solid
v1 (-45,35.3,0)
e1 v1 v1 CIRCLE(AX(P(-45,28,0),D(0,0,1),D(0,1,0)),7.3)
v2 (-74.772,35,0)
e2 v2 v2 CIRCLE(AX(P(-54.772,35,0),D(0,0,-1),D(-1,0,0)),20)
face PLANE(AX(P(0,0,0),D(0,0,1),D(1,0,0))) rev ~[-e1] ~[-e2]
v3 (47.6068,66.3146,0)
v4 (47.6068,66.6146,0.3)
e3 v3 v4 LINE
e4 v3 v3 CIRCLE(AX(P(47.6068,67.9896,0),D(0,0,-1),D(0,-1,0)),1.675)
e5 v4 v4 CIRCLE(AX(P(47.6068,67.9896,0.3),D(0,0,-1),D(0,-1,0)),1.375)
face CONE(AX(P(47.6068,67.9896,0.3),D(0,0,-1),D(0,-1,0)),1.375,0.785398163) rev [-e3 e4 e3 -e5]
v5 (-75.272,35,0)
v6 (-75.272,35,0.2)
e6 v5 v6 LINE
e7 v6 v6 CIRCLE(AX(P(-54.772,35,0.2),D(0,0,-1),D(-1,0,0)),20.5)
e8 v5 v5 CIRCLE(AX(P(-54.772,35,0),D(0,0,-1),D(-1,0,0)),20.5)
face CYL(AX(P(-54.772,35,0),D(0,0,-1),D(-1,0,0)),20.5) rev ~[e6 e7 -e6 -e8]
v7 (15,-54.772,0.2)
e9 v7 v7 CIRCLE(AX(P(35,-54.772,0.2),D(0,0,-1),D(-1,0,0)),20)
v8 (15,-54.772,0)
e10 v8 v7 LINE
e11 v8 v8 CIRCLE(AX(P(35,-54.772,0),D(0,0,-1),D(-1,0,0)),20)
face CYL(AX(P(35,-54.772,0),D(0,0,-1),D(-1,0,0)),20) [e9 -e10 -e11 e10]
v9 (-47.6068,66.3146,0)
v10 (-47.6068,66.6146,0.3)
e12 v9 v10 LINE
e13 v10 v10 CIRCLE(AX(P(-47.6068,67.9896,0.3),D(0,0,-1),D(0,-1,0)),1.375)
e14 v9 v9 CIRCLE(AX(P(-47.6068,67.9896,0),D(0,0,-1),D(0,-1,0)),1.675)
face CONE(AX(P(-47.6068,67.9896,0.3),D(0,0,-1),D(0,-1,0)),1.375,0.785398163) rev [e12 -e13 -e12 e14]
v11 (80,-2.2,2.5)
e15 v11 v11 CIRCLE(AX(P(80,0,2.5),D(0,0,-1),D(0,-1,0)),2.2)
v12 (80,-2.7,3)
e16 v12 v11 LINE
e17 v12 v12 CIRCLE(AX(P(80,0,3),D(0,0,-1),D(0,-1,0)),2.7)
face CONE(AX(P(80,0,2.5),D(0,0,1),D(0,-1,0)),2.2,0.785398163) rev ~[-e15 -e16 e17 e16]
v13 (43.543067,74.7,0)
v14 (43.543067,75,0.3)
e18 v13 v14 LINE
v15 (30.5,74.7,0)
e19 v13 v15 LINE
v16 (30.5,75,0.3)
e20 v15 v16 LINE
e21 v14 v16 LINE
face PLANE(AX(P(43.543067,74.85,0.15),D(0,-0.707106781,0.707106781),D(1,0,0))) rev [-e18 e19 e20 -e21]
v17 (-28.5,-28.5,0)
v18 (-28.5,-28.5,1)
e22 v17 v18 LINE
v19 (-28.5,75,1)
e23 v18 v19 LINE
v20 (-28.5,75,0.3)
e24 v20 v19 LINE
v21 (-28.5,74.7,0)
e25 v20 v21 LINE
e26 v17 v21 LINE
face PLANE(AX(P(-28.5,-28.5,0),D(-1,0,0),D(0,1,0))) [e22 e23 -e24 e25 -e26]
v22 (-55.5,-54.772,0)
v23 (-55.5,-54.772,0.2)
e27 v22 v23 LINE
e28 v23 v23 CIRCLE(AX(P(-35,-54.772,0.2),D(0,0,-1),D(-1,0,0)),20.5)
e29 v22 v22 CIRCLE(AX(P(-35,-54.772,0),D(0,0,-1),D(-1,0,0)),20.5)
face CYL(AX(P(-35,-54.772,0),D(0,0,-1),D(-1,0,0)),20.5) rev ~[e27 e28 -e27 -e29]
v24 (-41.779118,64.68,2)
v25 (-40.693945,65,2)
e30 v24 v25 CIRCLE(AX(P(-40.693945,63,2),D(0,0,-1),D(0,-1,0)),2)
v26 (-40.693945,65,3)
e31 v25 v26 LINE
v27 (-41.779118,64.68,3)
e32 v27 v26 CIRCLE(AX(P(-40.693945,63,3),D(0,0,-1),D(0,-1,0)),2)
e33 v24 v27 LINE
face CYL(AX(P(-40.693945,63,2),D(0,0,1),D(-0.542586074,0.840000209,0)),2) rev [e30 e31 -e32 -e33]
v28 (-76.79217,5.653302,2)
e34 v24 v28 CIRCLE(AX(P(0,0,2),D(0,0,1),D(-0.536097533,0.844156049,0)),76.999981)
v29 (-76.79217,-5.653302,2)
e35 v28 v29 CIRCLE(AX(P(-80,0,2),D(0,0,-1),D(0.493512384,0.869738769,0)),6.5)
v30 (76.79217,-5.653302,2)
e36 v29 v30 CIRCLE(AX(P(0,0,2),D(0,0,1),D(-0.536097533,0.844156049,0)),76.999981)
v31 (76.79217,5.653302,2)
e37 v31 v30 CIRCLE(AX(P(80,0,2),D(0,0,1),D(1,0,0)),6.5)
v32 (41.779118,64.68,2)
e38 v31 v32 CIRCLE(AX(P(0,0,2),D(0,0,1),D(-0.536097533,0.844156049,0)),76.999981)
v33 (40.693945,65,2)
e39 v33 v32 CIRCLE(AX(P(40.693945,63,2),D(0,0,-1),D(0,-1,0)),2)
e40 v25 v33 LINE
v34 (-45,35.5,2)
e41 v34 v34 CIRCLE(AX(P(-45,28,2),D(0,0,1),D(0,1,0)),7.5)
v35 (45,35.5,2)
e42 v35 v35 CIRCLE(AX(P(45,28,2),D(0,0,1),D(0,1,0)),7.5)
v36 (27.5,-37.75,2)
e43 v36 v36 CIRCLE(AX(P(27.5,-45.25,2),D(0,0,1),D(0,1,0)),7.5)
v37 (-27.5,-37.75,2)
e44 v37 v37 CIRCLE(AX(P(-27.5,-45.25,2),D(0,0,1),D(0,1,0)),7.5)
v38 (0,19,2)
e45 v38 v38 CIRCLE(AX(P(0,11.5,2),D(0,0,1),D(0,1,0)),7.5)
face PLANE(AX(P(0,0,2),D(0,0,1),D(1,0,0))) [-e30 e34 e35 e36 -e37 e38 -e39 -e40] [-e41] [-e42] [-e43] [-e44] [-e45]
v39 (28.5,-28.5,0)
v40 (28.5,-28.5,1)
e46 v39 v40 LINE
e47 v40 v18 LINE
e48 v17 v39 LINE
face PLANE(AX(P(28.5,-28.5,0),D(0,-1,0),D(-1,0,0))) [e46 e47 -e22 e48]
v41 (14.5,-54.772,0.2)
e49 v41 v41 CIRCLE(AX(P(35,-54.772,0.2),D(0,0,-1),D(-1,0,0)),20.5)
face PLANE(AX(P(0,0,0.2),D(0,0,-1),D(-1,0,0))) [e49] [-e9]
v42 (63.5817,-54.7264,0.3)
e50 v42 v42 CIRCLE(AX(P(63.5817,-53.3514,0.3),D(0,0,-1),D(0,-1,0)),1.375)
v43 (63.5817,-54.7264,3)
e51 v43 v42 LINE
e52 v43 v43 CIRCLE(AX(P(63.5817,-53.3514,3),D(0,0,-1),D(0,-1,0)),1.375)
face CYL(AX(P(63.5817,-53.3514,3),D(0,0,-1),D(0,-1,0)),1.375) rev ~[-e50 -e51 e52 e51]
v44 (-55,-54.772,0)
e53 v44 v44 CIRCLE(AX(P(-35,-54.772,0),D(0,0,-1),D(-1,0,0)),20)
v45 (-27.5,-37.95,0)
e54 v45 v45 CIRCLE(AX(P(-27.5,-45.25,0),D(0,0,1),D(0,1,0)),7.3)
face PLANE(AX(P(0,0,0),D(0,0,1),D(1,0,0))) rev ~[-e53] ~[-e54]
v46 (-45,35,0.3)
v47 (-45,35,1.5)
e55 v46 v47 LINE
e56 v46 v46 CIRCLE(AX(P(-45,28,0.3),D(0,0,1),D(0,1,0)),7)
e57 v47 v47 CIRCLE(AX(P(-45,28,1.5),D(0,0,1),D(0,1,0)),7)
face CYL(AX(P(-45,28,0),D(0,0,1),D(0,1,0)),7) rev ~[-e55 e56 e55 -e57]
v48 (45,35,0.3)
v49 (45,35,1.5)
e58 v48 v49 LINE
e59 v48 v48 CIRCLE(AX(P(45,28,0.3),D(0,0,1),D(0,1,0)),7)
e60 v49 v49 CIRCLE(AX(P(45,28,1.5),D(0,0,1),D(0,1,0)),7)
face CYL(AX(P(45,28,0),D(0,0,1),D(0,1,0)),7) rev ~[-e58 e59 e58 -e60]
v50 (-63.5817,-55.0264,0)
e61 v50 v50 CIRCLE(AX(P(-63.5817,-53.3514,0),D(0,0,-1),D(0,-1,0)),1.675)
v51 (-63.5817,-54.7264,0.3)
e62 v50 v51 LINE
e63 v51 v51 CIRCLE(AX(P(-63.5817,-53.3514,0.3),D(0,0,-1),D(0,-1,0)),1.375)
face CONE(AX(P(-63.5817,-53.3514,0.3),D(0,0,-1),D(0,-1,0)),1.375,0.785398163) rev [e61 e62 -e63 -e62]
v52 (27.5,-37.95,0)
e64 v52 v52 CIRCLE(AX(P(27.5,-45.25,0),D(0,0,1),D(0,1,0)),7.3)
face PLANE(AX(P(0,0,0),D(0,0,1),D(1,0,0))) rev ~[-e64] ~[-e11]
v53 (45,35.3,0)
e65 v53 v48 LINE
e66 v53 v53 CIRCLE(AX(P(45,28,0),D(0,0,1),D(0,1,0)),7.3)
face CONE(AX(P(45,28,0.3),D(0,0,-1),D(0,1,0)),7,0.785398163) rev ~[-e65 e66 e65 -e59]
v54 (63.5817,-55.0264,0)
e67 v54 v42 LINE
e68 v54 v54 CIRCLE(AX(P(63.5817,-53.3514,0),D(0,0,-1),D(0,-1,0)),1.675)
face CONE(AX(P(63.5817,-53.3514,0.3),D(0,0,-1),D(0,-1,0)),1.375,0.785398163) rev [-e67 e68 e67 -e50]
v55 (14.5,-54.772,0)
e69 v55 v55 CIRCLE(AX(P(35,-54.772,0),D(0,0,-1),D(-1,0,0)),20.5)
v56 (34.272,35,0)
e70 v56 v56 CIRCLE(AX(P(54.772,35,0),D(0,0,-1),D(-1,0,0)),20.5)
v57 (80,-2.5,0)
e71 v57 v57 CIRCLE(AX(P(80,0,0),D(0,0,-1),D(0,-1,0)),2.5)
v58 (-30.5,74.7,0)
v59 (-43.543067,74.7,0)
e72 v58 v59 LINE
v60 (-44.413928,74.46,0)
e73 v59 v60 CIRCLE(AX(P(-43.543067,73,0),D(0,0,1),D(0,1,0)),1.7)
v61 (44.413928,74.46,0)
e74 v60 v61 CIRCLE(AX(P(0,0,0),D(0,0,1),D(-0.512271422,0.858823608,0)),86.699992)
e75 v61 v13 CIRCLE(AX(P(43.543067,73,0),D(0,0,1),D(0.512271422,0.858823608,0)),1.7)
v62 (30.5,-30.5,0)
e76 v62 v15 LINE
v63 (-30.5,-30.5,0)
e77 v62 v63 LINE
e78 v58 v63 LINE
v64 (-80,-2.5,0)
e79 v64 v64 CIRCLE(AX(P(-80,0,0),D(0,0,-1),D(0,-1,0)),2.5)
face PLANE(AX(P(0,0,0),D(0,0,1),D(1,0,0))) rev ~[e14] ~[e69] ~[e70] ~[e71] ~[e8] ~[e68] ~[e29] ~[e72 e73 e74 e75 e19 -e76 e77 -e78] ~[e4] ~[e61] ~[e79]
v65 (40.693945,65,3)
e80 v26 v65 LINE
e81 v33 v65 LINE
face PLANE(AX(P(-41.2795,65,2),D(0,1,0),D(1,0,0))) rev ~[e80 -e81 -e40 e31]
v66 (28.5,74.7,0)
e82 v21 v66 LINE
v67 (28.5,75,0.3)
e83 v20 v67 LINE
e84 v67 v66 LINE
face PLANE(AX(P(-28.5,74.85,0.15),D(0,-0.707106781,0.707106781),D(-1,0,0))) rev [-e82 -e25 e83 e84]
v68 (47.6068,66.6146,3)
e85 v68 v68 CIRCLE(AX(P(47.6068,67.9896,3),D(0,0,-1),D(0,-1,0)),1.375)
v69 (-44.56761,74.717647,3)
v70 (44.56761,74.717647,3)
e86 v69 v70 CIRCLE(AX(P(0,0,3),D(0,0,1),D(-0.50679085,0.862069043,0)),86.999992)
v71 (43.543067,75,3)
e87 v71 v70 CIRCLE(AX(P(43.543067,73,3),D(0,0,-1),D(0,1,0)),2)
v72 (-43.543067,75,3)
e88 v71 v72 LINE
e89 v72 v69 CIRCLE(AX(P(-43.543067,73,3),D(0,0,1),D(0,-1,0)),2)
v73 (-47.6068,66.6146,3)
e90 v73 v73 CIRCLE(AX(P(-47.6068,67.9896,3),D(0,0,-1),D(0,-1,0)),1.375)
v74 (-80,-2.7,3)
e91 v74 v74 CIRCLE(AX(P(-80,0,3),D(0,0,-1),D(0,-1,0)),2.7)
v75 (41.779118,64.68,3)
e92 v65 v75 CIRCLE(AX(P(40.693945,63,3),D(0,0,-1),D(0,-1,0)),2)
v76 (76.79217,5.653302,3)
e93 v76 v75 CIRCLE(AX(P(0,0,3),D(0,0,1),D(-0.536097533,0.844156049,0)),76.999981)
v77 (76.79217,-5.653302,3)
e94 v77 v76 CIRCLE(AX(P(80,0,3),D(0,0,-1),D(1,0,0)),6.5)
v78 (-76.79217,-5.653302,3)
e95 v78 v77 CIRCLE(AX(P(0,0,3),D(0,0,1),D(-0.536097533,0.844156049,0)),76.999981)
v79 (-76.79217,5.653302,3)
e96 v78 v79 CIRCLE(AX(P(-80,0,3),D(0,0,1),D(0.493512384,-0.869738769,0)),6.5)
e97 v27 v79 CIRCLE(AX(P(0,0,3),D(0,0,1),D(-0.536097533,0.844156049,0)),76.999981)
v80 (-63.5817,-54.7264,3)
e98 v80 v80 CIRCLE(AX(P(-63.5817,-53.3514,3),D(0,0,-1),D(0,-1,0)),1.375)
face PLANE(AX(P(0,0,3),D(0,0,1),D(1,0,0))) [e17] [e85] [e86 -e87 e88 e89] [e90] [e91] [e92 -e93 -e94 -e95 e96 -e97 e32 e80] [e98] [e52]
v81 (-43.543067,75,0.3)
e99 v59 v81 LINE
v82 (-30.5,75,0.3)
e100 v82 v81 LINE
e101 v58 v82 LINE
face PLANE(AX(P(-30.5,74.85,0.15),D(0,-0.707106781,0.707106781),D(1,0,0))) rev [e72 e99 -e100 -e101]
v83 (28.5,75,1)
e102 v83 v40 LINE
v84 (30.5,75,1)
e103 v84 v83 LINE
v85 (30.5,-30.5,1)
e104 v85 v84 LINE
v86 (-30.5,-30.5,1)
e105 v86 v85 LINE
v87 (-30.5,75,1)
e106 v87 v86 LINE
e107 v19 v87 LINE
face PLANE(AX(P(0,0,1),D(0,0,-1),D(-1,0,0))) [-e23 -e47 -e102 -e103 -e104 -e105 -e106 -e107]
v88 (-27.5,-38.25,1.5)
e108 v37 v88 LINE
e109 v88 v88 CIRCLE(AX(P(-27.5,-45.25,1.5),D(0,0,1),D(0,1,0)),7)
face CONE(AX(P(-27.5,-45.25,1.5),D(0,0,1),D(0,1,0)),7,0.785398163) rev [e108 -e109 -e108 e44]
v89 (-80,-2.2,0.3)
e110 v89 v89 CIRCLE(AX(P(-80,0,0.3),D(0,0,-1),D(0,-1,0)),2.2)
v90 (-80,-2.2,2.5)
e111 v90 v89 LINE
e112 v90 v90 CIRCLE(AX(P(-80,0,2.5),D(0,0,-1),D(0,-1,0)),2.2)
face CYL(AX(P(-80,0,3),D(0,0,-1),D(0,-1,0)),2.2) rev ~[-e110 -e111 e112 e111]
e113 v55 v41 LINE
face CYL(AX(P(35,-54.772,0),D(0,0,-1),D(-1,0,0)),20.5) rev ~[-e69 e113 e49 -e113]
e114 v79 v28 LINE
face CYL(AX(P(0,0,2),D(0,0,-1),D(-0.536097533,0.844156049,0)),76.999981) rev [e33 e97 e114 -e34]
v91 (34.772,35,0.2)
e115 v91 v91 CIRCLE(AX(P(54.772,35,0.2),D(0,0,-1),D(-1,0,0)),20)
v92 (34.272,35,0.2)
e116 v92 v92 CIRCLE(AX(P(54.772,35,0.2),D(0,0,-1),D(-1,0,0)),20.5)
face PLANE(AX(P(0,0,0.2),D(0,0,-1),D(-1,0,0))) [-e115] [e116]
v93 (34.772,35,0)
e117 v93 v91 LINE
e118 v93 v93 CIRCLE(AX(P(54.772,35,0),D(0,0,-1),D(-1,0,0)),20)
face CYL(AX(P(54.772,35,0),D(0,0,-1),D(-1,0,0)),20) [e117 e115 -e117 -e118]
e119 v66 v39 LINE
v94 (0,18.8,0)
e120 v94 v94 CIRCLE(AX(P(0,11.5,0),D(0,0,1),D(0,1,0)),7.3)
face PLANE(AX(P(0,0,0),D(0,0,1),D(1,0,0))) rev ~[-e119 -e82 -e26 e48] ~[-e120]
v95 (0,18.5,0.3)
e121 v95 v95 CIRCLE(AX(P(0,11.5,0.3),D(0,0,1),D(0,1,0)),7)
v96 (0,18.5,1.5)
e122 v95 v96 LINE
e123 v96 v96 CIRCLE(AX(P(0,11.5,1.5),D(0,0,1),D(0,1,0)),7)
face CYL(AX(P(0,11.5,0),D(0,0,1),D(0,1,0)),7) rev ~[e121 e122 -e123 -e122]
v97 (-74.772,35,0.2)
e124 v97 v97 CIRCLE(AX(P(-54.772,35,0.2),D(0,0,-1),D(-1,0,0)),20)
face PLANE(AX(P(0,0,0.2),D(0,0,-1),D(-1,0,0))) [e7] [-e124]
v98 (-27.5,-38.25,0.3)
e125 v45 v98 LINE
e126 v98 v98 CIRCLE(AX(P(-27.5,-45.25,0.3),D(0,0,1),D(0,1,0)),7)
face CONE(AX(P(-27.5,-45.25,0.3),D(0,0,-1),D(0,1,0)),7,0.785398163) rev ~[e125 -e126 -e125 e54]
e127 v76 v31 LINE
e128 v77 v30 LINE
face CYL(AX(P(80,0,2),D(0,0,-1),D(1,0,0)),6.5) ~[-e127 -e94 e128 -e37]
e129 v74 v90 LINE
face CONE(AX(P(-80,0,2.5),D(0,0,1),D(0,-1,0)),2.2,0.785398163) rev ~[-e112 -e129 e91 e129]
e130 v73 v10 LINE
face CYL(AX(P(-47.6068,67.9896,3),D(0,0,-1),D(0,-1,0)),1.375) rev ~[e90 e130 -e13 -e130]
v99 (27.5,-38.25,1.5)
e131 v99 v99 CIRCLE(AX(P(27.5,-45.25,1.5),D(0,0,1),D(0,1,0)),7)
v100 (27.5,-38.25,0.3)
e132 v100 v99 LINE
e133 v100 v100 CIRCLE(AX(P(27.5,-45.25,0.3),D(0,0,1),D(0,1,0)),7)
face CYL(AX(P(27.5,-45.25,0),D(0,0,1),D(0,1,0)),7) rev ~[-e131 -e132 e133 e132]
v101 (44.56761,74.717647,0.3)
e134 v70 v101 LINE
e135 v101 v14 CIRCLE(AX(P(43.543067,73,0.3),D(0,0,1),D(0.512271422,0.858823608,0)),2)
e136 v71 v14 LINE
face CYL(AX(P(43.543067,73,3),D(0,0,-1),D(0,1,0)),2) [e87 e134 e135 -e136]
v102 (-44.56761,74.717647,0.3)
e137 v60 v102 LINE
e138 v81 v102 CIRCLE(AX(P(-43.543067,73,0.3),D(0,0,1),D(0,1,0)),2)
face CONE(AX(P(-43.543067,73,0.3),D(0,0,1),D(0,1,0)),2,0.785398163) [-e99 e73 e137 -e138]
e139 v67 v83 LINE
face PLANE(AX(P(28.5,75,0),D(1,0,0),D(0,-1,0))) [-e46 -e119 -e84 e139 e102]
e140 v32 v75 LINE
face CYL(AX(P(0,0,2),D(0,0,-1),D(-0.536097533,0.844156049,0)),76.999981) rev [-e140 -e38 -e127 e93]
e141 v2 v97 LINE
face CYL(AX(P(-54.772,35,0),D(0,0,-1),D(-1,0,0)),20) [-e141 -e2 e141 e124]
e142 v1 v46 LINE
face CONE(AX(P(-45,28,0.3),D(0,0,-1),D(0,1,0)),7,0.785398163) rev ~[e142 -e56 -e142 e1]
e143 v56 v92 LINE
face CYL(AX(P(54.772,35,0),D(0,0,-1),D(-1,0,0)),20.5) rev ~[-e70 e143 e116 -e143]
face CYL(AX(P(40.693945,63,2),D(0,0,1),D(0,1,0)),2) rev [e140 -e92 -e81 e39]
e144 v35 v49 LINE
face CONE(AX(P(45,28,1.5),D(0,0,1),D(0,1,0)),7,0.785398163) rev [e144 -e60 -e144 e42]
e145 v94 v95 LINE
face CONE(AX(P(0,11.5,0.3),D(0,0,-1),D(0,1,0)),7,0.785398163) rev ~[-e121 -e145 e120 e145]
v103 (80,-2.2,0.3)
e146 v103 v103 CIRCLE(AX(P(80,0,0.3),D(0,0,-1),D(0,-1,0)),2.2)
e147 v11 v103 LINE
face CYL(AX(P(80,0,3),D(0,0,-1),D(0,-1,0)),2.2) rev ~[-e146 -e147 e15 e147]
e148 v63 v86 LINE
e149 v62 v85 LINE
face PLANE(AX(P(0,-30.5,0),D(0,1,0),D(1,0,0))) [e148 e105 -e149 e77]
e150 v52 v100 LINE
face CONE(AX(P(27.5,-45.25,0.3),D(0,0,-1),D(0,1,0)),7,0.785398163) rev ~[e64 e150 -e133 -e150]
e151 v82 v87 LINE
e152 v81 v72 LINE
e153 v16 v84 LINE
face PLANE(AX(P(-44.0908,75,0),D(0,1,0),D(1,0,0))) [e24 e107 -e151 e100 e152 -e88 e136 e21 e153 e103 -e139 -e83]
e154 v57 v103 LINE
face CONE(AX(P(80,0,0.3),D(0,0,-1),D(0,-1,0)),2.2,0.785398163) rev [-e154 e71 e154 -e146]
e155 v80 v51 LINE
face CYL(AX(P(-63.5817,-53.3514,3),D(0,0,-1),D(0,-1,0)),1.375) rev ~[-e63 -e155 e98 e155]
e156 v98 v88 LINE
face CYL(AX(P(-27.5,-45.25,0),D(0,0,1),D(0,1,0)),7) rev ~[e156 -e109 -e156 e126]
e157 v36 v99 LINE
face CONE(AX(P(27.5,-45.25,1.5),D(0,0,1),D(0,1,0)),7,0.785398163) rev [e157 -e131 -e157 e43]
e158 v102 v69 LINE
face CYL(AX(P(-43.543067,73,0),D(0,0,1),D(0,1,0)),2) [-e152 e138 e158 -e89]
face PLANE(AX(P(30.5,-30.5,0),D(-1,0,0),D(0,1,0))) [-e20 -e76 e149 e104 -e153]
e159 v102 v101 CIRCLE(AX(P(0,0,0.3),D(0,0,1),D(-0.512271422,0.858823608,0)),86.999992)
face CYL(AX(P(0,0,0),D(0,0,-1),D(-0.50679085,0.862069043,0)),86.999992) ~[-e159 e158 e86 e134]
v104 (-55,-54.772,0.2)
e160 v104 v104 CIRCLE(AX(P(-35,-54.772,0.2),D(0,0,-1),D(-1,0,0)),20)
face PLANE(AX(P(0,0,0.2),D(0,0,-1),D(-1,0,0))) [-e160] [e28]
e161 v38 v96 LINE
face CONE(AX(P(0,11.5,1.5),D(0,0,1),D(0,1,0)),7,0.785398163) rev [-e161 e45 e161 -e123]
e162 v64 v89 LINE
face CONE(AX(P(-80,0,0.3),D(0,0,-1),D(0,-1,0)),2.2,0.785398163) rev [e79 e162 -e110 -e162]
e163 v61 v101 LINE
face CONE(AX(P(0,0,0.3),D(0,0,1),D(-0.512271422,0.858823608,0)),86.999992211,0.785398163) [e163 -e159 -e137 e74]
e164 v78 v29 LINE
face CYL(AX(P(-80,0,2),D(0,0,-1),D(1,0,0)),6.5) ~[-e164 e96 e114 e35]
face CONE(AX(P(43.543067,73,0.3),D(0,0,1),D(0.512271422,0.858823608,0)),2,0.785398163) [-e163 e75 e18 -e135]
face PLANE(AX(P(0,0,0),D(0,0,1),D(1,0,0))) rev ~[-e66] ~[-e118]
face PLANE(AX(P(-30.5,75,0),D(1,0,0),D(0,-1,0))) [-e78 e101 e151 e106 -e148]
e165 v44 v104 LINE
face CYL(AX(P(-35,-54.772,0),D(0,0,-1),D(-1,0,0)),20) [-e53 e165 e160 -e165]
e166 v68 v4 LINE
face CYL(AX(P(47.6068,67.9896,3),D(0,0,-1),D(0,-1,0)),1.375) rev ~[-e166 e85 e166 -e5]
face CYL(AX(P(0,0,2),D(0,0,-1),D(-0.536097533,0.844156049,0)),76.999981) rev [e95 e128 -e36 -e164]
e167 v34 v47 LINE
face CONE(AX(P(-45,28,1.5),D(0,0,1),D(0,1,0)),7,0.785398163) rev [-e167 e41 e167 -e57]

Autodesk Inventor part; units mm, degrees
ref_plane "YZ Plane" through (0, 0, 0) normal (1, 0, 0) x (0, 1, 0)
ref_plane "XZ Plane" through (0, 0, 0) normal (0, 1, 0) x (-1, 0, 0)
ref_plane "XY Plane" through (0, 0, 0) normal (0, 0, 1) x (1, 0, 0)
sketch "Skizze1" plane through (0, 0, 0) normal (0, 0, 1) x (1, 0, 0)
  arc A0 (-44.0908, 75) -> (44.0908, 75) centre (0, 0) ccw
  line L0 (-44.0908, 75) -> (44.0908, 75)
  dimension "d0" = 174
  dimension "d1" = 75
extrude "Extrusion1" add sketch "Skizze1" along normal blind 2
sketch "Skizze2" plane through (0, 0, 2) normal (0, 0, 1) x (1, 0, 0)
  arc A0 (-44.0908, 75) -> (44.0908, 75) centre (0, 0) ccw projected
  line L0 (44.0908, 75) -> (-44.0908, 75) projected
  arc A1 (-41.2795, 65) -> (41.2795, 65) centre (0, 0) ccw
  line L1 (-41.2795, 65) -> (41.2795, 65)
  dimension "d4" = 10
extrude "Extrusion2" add sketch "Skizze2" along normal blind 1
sketch "Skizze8" plane through (0, 0, 2) normal (0, 0, 1) x (1, 0, 0)
  line L0 (41.2795, 65) -> (-41.2795, 65) projected
  arc A0 (-41.2795, 65) -> (41.2795, 65) centre (0, 0) ccw projected
  circle A1 centre (0, 0) radius 80 construction
  circle A2 centre (-80, 0) radius 6.5
  circle A3 centre (80, 0) radius 6.5
  line L1 (-121.8, 0) -> (121.8, 0) projected
  dimension "d38" = 160
  dimension "d39" = 13
  dimension "d40" = 13
extrude "Extrusion4" add sketch "Skizze8" along normal blind 1 contours A3 L1 A0 | A0 L1 A3 | A2 L1 A0 | A0 L1 A2 | L1 A3 A0 | A0 A3 L1 | L1 A2 A0 | A0 A2 L1
sketch "Skizze3" plane through (0, 0, 3) normal (0, 0, 1) x (1, 0, 0)
  line L0 (0, 107.4) -> (0, -119.4) projected
  line L1 (-121.8, 0) -> (121.8, 0) projected
  point P0 (0, 0)
  point P1 (-80, 0)
  point P2 (80, 0)
  dimension "d7" = 160
hole "Bohrung1" at (-80, 0, 3) at (80, 0, 3) direction (0, 0, -1) diameter 4.4 end through all
sketch "Skizze4" plane through (0, 0, 3) normal (0, 0, 1) x (1, 0, 0)
  circle A0 centre (0, 0) radius 83 construction
  line L0 (0, 0) -> (-47.6068, 67.9896) construction
  line L1 (0, 0) -> (-63.5817, -53.3514) construction
  line L2 (0, 117) -> (0, -121) projected
  line L3 (-121.8, 0) -> (121.8, 0) projected
  point P0 (63.5817, -53.3514)
  point P1 (47.6068, 67.9896)
  dimension "d15" = 166
  dimension "d16" = 55
  dimension "d17" = 40
hole "Bohrung2" at (-63.5817, -53.3514, 3) at (-47.6068, 67.9896, 3) at (63.5817, -53.3514, 3) at (47.6068, 67.9896, 3) direction (0, 0, -1) diameter 2.75 end through all
sketch "Skizze5" plane through (0, 0, 0) normal (0, 0, -1) x (-1, 0, 0)
  line L0 (0, -119.4) -> (0, 107.4) projected
  line L1 (-121.8, 0) -> (121.8, 0) projected
  point P0 (0, 0)
  point P1 (-45, 28)
  point P2 (-27.5, -45.25)
  point P3 (45, 28)
  point P4 (27.5, -45.25)
  point P5 (0, 11.5)
  dimension "d113" = 45
  dimension "d114" = 28
  dimension "d115" = 27.5
  dimension "d116" = 45.25
  dimension "d117" = 11.5
hole "Bohrung3" at (45, 28, 0) at (27.5, -45.25, 0) at (0, 11.5, 0) at (-45, 28, 0) at (-27.5, -45.25, 0) direction (0, 0, 1) diameter 14 end through all
fillet "Rundung1" radius 2 4 edges at (-44.0908, 75, 1.5) (44.0908, 75, 1.5) (41.2795, 65, 2.5) (-41.2795, 65, 2.5)
sketch "Skizze17" plane through (0, 0, 0) normal (0, 0, -1) x (-1, 0, 0)
  line L0 (-43.5431, 75) -> (43.5431, 75) projected
  line L1 (28.5, 75) -> (-28.5, 75)
  line L2 (-28.5, 75) -> (-28.5, -28.5)
  line L3 (-28.5, -28.5) -> (28.5, -28.5)
  line L4 (28.5, -28.5) -> (28.5, 75)
  line L5 (0, -119.4) -> (0, 107.4) projected
  line L6 (-43.5431, 75) -> (43.5431, 75) projected
  line L7 (-30.5, 75) -> (30.5, 75)
  line L8 (30.5, 75) -> (30.5, -30.5)
  line L9 (30.5, -30.5) -> (-30.5, -30.5)
  line L10 (-30.5, -30.5) -> (-30.5, 75)
  point P0 (0, 0)
  point P1 (-5, 75)
  dimension "d107" = 28.5
  dimension "d108" = 57
  dimension "d109" = 2
  dimension "d110" = 2
extrude "Extrusion10" cut sketch "Skizze17" against normal blind 1 contours L0 L2 L3 L5 L9 L10 | L5 L3 L4 L0 L8 L9
chamfer "Fase1" distance 0.3 angle 45 17 edges at (-27.5, -52.25, 0) (27.5, -52.25, 0) (-45, 21, 0) (45, 21, 0) (0, 4.5, 0) (-63.5817, -51.9764, 0) (63.5817, -51.9764, 0) (-47.6068, 69.3646, 0) (47.6068, 69.3646, 0) (-80, 2.2, 0) (80, 2.2, 0) (0, -87, 0) (44.0745, 74.9281, 0) (37.0215, 75, 0) (-44.0745, 74.9281, 0) (-37.0215, 75, 0) (0, 75, 0)
chamfer "Fase2" distance 0.5 angle 45 7 edges at (-27.5, -52.25, 2) (27.5, -52.25, 2) (-45, 21, 2) (0, 4.5, 2) (45, 21, 2) (-80, 2.2, 3) (80, 2.2, 3)
sketch "Skizze15" plane through (0, 0, 0) normal (0, 0, -1) x (-1, 0, 0)
  circle A0 centre (0, 0) radius 25
  circle A1 centre (54.772, 35) radius 20
  circle A2 centre (35, -54.772) radius 20
  circle A3 centre (-35, -54.772) radius 20
  circle A4 centre (-54.772, 35) radius 20
  line L0 (0, -119.4) -> (0, 107.4) projected
  line L1 (-121.8, 0) -> (121.8, 0) projected
  circle A5 centre (-54.772, 35) radius 20.5
  circle A6 centre (-35, -54.772) radius 20.5
  circle A7 centre (54.772, 35) radius 20.5
  circle A8 centre (35, -54.772) radius 20.5
  circle A9 centre (0, 0) radius 25.5
  dimension "d91" = 50
  dimension "d92" = 40
  dimension "d93" = 40
  dimension "d94" = 40
  dimension "d95" = 40
  dimension "d96" = 35
  dimension "d97" = 54.772
  dimension "d98" = 54.772
  dimension "d99" = 35
  dimension "d100" = 41
  dimension "d101" = 41
  dimension "d102" = 41
  dimension "d103" = 41
  dimension "d104" = 51
extrude "Extrusion9" cut sketch "Skizze15" against normal blind 0.2 contours A5 | A6 | A7 | A8
equation "\"d110\" = d109"
equation "\"d98\" = d97"
equation "\"d99\" = d96"
properties part number "Gehäuse Unterplatte"
